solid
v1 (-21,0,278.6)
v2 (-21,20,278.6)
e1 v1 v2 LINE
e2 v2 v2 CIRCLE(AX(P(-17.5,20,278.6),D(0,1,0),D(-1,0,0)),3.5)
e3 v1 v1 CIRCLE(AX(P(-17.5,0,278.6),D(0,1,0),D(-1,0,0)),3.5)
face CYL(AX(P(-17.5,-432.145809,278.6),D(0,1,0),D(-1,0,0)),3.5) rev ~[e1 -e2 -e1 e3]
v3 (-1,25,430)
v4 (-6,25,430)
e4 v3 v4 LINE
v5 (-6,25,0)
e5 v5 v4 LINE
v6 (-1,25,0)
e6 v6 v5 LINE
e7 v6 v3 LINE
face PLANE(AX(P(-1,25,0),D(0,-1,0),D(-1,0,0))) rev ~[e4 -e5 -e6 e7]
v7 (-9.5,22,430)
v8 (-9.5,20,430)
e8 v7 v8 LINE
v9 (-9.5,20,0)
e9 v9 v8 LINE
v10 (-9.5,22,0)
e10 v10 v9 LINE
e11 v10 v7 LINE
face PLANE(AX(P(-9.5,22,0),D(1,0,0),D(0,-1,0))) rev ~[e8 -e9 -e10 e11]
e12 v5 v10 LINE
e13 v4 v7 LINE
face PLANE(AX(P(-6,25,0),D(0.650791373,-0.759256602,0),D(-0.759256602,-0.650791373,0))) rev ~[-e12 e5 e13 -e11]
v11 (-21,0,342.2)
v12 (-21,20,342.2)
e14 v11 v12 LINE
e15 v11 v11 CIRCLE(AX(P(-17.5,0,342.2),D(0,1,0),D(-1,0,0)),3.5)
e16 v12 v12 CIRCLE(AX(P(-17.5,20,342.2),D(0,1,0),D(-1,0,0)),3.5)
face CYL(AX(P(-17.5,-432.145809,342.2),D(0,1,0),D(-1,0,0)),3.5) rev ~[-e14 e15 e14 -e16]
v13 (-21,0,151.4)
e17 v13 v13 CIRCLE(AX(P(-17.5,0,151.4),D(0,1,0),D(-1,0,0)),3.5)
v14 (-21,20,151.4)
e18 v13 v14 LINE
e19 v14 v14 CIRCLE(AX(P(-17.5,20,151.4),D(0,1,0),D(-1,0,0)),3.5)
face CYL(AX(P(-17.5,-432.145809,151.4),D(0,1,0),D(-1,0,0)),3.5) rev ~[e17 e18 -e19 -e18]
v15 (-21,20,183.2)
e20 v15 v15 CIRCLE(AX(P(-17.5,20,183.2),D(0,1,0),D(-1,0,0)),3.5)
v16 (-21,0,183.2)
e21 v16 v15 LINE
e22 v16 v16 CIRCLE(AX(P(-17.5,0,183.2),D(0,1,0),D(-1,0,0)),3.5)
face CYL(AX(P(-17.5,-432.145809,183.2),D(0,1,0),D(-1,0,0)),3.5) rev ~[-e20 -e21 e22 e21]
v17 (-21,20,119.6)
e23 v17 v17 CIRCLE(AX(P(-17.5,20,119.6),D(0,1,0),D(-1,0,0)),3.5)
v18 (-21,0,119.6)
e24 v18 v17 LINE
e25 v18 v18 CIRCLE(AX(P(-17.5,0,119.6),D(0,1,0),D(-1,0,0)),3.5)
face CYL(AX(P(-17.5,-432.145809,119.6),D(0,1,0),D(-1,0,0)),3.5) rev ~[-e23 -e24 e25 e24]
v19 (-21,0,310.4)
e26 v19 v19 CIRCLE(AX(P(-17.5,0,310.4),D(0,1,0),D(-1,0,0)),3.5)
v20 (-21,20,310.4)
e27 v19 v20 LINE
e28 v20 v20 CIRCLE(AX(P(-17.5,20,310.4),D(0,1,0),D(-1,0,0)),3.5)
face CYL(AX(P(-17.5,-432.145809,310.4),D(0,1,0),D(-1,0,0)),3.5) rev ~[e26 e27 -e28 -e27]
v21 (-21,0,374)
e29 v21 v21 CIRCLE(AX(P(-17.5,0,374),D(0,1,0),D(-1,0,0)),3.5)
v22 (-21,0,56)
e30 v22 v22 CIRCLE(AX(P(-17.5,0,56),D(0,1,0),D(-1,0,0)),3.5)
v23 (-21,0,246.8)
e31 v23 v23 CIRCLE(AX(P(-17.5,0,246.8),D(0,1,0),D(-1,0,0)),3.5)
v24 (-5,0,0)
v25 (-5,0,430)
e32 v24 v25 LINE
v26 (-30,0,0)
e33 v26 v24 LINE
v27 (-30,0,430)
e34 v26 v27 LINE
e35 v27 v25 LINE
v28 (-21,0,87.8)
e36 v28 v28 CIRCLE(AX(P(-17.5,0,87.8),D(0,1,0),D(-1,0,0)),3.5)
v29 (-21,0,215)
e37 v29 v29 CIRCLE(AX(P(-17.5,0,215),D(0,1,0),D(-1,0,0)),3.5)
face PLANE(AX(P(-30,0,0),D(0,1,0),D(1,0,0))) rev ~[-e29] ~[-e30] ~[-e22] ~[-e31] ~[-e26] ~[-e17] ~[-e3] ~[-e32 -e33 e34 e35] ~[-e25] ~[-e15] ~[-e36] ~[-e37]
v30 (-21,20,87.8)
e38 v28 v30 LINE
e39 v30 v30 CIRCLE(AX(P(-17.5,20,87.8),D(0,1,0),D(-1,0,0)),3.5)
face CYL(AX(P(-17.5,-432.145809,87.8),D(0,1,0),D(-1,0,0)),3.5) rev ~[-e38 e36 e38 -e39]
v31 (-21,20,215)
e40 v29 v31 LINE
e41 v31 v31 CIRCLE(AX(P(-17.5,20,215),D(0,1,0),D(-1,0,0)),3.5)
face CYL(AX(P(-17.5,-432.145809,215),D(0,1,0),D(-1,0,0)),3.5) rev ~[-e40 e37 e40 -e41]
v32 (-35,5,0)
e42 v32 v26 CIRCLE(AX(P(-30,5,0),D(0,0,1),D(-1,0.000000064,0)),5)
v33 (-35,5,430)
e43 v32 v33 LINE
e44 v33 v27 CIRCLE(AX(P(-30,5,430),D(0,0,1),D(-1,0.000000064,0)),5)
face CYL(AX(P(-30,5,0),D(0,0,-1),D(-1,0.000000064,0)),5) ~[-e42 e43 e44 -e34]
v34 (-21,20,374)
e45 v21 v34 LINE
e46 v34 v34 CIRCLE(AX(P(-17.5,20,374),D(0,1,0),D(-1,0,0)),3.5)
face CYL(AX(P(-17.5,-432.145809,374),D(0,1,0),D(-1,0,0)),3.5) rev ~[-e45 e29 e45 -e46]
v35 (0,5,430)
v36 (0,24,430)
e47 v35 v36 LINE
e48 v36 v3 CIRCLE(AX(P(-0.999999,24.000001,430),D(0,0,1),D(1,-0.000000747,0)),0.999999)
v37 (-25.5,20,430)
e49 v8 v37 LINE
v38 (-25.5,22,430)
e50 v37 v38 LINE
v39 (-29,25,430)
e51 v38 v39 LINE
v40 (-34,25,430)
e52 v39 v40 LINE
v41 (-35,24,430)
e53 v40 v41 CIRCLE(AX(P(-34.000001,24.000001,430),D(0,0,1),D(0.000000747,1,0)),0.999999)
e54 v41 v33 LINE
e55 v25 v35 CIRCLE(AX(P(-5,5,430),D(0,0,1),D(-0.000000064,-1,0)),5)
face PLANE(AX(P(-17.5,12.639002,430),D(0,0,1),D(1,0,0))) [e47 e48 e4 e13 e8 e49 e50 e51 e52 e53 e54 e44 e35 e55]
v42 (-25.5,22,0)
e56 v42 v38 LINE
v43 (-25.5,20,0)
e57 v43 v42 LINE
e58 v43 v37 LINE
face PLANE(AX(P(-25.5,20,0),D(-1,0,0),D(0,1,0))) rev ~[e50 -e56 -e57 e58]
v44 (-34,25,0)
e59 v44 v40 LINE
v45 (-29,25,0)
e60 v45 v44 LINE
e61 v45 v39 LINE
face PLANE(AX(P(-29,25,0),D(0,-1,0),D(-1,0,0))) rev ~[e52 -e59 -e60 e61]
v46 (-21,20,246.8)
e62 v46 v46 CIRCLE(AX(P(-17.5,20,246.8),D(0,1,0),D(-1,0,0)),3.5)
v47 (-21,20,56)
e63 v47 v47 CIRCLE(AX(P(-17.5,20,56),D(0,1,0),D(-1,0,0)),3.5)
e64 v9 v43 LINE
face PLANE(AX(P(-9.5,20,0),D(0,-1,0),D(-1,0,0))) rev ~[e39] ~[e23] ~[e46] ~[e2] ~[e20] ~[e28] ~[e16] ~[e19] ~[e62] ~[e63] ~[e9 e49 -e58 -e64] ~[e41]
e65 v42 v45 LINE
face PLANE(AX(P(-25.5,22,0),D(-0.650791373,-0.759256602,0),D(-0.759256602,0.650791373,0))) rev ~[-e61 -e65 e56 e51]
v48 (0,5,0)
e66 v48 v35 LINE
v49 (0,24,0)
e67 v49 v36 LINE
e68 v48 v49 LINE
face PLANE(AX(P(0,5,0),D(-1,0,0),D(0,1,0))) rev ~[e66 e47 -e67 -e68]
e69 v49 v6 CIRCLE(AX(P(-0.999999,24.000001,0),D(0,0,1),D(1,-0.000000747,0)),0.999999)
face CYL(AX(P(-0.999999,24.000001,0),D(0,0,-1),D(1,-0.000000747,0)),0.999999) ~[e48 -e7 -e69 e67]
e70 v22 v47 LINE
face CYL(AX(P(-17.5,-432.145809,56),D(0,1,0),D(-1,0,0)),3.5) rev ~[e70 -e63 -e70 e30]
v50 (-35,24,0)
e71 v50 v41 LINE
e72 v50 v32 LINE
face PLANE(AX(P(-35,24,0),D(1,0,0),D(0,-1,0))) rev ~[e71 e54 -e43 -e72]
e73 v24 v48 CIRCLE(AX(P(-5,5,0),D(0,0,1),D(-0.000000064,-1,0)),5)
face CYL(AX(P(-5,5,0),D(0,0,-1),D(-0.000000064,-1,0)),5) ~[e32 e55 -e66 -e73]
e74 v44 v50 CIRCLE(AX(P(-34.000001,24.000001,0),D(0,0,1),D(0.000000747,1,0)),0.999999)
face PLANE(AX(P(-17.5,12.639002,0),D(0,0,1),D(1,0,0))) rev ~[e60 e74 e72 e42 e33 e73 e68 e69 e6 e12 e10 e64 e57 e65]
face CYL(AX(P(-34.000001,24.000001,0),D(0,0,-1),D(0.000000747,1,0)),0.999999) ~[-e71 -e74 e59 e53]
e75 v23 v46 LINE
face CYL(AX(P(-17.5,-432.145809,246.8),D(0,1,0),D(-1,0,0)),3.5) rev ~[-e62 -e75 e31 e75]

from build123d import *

# Parameters (mm, degrees)
F1_DEPTH = 430
F3_D     = 7


with BuildPart() as f1:
    # F0 (on Top) → F1 (new body)
    with BuildSketch(Plane.XY):
        with BuildLine():
            Line((-30, 0), (-5, 0))
            ThreePointArc((-5, 0), (-1.464466, 1.464466), (0, 5))
            Line((0, 5), (0, 24))
            ThreePointArc((0, 24), (-0.292893, 24.707107), (-1, 25))
            Line((-1, 25), (-6, 25))
            Line((-6, 25), (-9.5, 22))
            Line((-9.5, 22), (-9.5, 20))
            Line((-9.5, 20), (-17.5, 20))
            Line((-17.5, 20), (-25.5, 20))
            Line((-25.5, 20), (-25.5, 22))
            Line((-25.5, 22), (-29, 25))
            Line((-29, 25), (-34, 25))
            ThreePointArc((-34, 25), (-34.707107, 24.707107), (-35, 24))
            Line((-35, 24), (-35, 5))
            ThreePointArc((-35, 5), (-33.535534, 1.464466), (-30, 0))
        make_face()
    extrude(amount=F1_DEPTH)

    # F3 (through all)
    with Locations(Plane.XZ):
        with Locations((-17.5, 374), (-17.5, 342.2), (-17.5, 310.4), (-17.5, 278.6), (-17.5, 246.8), (-17.5, 215), (-17.5, 183.2), (-17.5, 151.4), (-17.5, 119.6), (-17.5, 87.8), (-17.5, 56)):
            Hole(F3_D / 2)


solid = f1.part
